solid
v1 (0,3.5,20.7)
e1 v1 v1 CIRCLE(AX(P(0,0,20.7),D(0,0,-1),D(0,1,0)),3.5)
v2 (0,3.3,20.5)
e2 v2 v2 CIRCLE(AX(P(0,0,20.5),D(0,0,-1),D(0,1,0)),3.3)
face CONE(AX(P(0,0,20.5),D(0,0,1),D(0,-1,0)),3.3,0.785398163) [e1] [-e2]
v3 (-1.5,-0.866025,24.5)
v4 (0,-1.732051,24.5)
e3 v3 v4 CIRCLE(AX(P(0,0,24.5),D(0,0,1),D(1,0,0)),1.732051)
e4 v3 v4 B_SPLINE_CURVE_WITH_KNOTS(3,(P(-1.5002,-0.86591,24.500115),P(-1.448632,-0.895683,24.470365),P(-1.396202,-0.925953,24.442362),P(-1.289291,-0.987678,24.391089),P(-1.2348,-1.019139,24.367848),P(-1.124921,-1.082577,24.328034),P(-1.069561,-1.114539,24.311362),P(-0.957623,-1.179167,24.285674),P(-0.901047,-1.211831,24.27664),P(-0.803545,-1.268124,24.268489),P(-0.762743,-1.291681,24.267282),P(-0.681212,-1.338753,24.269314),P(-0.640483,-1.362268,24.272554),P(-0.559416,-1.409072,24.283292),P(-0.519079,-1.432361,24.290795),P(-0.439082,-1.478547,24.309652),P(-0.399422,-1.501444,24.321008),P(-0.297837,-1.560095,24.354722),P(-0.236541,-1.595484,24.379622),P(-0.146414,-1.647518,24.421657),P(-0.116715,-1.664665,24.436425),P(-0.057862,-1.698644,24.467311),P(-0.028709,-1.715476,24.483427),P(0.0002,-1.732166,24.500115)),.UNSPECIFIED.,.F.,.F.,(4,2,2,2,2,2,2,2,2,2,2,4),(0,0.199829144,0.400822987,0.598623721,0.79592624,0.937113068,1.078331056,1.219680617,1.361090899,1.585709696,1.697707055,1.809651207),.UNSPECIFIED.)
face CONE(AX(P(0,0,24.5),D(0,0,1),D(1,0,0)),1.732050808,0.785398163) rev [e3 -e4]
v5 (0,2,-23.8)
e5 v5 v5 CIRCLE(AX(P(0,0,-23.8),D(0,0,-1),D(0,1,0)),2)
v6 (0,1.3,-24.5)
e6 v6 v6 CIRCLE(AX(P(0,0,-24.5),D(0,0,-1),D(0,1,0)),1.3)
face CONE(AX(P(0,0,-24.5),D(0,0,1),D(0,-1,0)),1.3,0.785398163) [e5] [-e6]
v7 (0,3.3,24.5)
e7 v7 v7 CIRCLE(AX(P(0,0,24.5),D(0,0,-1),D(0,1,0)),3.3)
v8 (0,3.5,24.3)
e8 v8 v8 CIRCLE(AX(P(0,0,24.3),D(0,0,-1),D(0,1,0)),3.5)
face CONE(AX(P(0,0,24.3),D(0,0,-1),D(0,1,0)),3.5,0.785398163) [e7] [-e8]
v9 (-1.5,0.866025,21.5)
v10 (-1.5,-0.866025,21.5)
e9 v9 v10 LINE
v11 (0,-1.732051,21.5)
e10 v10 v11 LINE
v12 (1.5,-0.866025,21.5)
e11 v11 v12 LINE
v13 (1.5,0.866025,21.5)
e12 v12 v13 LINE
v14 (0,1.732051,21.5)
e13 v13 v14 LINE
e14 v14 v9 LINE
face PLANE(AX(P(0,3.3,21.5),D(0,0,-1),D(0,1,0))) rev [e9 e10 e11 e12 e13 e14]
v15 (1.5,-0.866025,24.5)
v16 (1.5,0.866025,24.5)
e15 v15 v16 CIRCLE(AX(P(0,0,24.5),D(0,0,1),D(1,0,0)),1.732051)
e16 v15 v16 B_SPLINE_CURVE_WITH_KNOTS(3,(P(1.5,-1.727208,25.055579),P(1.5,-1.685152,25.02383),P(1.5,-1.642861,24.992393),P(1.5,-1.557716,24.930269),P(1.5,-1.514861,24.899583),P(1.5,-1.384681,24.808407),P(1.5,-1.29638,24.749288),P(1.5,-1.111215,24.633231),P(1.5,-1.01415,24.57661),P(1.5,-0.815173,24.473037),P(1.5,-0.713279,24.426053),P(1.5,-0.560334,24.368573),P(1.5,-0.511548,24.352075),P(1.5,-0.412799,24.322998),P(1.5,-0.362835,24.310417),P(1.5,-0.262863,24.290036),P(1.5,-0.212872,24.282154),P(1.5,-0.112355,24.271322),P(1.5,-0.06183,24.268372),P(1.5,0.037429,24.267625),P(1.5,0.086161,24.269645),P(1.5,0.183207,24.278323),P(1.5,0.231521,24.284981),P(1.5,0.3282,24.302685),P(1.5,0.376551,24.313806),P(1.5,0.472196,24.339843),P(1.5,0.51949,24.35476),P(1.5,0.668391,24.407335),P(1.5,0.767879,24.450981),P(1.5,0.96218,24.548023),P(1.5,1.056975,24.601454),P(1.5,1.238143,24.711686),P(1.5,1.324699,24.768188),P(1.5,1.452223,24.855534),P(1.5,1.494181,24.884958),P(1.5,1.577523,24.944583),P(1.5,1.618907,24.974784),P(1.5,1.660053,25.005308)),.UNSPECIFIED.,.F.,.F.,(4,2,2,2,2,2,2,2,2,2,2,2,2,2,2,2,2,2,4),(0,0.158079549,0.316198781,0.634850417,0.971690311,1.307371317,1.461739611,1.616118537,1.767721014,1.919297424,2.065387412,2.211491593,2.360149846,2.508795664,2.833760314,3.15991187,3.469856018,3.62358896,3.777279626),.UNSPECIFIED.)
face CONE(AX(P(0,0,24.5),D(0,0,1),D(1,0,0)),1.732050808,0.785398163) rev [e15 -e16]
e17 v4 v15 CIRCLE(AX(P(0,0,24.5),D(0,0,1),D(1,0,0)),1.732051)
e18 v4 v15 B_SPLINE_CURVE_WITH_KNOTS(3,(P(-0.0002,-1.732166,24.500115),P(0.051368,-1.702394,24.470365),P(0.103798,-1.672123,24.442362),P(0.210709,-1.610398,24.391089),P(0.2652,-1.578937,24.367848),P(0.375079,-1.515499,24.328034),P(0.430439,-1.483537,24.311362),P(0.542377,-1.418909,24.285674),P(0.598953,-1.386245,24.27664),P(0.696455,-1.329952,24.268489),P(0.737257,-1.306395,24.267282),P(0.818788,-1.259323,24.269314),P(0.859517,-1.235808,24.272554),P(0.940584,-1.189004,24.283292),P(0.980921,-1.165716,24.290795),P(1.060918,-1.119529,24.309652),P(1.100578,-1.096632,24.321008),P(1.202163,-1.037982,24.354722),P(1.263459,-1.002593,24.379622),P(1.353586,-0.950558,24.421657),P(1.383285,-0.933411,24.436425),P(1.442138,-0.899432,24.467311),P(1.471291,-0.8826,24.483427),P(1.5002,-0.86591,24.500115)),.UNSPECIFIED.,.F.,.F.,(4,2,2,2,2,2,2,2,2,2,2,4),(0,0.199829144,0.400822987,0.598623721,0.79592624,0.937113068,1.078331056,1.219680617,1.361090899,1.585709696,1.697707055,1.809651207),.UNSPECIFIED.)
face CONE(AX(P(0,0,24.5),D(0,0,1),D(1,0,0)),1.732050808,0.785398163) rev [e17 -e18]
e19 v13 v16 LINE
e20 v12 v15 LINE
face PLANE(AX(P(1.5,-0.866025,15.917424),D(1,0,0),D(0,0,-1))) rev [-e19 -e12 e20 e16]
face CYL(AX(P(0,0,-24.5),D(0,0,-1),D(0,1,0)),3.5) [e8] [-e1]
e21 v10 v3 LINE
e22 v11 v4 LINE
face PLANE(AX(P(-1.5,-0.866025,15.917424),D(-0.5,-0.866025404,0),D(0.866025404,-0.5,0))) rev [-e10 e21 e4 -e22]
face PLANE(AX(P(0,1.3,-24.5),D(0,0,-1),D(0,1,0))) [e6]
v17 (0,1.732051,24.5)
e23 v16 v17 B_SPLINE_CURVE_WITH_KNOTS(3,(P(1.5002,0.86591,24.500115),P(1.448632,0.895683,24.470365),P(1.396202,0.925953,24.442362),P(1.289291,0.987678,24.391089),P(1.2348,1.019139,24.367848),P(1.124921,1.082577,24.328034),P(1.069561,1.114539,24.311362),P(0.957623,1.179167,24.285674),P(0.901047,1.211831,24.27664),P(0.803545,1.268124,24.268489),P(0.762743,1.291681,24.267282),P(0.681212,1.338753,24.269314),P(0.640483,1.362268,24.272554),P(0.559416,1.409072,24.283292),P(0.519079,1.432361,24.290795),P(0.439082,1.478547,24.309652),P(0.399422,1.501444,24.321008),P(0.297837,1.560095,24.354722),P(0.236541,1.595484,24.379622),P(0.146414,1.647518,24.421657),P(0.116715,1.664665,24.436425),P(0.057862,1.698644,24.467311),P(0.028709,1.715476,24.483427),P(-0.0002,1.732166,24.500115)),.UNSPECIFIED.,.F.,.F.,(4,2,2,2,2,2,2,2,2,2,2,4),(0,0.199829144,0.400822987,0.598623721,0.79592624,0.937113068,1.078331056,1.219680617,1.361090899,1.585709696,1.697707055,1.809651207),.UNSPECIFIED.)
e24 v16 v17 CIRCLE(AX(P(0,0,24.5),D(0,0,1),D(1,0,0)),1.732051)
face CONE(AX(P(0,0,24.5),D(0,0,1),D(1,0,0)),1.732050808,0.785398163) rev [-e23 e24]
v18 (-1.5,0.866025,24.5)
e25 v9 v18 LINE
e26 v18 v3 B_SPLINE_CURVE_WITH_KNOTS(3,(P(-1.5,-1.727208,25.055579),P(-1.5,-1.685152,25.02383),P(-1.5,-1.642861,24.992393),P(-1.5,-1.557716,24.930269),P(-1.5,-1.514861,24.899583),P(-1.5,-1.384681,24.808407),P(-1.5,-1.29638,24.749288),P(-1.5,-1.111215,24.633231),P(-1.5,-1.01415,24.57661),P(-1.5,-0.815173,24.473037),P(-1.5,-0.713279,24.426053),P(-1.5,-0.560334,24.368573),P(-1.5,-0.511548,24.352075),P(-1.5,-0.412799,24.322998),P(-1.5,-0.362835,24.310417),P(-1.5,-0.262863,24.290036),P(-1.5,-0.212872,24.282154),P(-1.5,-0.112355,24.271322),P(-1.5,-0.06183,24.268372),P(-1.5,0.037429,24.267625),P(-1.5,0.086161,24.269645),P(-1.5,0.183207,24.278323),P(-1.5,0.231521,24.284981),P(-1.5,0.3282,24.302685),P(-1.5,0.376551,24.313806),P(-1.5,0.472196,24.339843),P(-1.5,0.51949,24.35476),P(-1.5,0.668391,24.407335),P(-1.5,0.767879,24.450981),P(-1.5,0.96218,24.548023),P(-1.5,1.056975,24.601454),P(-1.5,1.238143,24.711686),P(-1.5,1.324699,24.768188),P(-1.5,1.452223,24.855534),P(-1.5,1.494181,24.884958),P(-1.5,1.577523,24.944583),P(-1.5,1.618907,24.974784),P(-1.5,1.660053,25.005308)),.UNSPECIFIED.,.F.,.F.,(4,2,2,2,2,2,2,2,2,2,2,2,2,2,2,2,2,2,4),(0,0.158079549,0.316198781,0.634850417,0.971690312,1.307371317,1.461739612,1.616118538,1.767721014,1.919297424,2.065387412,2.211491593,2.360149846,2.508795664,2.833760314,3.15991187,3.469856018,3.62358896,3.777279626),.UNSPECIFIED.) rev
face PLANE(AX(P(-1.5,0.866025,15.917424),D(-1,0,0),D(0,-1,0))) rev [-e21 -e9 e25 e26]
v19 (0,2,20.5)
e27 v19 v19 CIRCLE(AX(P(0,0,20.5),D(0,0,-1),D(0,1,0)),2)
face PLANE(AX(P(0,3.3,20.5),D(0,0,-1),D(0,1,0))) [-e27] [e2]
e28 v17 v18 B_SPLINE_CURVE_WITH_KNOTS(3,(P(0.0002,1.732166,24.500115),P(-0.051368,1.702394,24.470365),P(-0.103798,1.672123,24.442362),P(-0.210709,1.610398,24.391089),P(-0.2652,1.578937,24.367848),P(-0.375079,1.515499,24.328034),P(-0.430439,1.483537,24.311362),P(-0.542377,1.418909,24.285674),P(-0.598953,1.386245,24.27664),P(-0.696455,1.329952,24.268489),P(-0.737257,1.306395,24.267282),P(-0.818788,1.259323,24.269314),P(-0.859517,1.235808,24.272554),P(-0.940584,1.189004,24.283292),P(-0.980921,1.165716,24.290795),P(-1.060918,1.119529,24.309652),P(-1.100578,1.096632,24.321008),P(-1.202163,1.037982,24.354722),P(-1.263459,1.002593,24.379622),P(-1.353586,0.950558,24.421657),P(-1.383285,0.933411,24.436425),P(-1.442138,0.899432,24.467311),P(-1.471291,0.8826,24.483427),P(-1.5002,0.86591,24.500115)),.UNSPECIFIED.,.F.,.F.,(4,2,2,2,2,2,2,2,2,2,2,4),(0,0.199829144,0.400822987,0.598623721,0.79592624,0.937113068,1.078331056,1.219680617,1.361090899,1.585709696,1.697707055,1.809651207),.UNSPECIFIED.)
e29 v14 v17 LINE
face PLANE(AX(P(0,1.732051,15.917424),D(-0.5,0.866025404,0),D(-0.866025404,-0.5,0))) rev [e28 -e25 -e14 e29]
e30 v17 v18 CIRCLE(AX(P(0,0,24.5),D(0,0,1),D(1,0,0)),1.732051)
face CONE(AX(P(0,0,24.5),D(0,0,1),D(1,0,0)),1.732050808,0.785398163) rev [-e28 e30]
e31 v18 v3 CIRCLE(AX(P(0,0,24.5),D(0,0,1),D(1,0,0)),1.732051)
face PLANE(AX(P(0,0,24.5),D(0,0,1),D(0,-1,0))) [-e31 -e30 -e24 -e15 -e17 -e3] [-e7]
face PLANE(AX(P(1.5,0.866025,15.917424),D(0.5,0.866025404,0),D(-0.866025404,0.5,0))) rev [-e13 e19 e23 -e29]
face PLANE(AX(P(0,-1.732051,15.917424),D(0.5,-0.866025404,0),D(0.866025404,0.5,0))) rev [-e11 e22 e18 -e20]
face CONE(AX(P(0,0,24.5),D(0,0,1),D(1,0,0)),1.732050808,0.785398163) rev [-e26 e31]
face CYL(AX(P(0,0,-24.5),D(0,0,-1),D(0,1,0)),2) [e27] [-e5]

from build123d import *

# Parameters (mm, degrees)
CUT_EXTRUDE1_DEPTH = 3


with BuildPart() as part:
    # Sketch2 → Revolve1 (revolve)
    with BuildSketch(Plane(origin=(0, 0, 0), x_dir=(0, 0, -1), z_dir=(1, 0, 0))):
        Polygon((-24.5, 0), (-24.5, 3.3), (-24.3, 3.5), (-20.7, 3.5), (-20.5, 3.3), (-20.5, 2), (23.8, 2), (24.5, 1.3), (24.5, 0), align=None)
    revolve(axis=Axis((0, 0, -24.5), (0, 0, 1)))

    # Sketch3 → Cut-Extrude1 (cut)
    with BuildSketch(Plane.XY.offset(24.5)):
        Polygon((1.5, -0.866025404), (1.5, 0.866025404), (0, 1.732050808), (-1.5, 0.866025404), (-1.5, -0.866025404), (0, -1.732050808), align=None)
    extrude(amount=-CUT_EXTRUDE1_DEPTH, mode=Mode.SUBTRACT)

    # Cut-Extrude2 cone 1 section (through the dimple's axis) → Cut-Extrude2 (revolve, cut)
    with BuildSketch(Plane(origin=(0, 0, 24.5), x_dir=(0, -1, 0), z_dir=(1, 0, 0))):
        Polygon((0, 0), (1.732050808, 0), (0, 1.732050808), align=None)
    revolve(axis=Axis((0, 0, 24.5), (0, 0, -1)), mode=Mode.SUBTRACT)


solid = part.part
